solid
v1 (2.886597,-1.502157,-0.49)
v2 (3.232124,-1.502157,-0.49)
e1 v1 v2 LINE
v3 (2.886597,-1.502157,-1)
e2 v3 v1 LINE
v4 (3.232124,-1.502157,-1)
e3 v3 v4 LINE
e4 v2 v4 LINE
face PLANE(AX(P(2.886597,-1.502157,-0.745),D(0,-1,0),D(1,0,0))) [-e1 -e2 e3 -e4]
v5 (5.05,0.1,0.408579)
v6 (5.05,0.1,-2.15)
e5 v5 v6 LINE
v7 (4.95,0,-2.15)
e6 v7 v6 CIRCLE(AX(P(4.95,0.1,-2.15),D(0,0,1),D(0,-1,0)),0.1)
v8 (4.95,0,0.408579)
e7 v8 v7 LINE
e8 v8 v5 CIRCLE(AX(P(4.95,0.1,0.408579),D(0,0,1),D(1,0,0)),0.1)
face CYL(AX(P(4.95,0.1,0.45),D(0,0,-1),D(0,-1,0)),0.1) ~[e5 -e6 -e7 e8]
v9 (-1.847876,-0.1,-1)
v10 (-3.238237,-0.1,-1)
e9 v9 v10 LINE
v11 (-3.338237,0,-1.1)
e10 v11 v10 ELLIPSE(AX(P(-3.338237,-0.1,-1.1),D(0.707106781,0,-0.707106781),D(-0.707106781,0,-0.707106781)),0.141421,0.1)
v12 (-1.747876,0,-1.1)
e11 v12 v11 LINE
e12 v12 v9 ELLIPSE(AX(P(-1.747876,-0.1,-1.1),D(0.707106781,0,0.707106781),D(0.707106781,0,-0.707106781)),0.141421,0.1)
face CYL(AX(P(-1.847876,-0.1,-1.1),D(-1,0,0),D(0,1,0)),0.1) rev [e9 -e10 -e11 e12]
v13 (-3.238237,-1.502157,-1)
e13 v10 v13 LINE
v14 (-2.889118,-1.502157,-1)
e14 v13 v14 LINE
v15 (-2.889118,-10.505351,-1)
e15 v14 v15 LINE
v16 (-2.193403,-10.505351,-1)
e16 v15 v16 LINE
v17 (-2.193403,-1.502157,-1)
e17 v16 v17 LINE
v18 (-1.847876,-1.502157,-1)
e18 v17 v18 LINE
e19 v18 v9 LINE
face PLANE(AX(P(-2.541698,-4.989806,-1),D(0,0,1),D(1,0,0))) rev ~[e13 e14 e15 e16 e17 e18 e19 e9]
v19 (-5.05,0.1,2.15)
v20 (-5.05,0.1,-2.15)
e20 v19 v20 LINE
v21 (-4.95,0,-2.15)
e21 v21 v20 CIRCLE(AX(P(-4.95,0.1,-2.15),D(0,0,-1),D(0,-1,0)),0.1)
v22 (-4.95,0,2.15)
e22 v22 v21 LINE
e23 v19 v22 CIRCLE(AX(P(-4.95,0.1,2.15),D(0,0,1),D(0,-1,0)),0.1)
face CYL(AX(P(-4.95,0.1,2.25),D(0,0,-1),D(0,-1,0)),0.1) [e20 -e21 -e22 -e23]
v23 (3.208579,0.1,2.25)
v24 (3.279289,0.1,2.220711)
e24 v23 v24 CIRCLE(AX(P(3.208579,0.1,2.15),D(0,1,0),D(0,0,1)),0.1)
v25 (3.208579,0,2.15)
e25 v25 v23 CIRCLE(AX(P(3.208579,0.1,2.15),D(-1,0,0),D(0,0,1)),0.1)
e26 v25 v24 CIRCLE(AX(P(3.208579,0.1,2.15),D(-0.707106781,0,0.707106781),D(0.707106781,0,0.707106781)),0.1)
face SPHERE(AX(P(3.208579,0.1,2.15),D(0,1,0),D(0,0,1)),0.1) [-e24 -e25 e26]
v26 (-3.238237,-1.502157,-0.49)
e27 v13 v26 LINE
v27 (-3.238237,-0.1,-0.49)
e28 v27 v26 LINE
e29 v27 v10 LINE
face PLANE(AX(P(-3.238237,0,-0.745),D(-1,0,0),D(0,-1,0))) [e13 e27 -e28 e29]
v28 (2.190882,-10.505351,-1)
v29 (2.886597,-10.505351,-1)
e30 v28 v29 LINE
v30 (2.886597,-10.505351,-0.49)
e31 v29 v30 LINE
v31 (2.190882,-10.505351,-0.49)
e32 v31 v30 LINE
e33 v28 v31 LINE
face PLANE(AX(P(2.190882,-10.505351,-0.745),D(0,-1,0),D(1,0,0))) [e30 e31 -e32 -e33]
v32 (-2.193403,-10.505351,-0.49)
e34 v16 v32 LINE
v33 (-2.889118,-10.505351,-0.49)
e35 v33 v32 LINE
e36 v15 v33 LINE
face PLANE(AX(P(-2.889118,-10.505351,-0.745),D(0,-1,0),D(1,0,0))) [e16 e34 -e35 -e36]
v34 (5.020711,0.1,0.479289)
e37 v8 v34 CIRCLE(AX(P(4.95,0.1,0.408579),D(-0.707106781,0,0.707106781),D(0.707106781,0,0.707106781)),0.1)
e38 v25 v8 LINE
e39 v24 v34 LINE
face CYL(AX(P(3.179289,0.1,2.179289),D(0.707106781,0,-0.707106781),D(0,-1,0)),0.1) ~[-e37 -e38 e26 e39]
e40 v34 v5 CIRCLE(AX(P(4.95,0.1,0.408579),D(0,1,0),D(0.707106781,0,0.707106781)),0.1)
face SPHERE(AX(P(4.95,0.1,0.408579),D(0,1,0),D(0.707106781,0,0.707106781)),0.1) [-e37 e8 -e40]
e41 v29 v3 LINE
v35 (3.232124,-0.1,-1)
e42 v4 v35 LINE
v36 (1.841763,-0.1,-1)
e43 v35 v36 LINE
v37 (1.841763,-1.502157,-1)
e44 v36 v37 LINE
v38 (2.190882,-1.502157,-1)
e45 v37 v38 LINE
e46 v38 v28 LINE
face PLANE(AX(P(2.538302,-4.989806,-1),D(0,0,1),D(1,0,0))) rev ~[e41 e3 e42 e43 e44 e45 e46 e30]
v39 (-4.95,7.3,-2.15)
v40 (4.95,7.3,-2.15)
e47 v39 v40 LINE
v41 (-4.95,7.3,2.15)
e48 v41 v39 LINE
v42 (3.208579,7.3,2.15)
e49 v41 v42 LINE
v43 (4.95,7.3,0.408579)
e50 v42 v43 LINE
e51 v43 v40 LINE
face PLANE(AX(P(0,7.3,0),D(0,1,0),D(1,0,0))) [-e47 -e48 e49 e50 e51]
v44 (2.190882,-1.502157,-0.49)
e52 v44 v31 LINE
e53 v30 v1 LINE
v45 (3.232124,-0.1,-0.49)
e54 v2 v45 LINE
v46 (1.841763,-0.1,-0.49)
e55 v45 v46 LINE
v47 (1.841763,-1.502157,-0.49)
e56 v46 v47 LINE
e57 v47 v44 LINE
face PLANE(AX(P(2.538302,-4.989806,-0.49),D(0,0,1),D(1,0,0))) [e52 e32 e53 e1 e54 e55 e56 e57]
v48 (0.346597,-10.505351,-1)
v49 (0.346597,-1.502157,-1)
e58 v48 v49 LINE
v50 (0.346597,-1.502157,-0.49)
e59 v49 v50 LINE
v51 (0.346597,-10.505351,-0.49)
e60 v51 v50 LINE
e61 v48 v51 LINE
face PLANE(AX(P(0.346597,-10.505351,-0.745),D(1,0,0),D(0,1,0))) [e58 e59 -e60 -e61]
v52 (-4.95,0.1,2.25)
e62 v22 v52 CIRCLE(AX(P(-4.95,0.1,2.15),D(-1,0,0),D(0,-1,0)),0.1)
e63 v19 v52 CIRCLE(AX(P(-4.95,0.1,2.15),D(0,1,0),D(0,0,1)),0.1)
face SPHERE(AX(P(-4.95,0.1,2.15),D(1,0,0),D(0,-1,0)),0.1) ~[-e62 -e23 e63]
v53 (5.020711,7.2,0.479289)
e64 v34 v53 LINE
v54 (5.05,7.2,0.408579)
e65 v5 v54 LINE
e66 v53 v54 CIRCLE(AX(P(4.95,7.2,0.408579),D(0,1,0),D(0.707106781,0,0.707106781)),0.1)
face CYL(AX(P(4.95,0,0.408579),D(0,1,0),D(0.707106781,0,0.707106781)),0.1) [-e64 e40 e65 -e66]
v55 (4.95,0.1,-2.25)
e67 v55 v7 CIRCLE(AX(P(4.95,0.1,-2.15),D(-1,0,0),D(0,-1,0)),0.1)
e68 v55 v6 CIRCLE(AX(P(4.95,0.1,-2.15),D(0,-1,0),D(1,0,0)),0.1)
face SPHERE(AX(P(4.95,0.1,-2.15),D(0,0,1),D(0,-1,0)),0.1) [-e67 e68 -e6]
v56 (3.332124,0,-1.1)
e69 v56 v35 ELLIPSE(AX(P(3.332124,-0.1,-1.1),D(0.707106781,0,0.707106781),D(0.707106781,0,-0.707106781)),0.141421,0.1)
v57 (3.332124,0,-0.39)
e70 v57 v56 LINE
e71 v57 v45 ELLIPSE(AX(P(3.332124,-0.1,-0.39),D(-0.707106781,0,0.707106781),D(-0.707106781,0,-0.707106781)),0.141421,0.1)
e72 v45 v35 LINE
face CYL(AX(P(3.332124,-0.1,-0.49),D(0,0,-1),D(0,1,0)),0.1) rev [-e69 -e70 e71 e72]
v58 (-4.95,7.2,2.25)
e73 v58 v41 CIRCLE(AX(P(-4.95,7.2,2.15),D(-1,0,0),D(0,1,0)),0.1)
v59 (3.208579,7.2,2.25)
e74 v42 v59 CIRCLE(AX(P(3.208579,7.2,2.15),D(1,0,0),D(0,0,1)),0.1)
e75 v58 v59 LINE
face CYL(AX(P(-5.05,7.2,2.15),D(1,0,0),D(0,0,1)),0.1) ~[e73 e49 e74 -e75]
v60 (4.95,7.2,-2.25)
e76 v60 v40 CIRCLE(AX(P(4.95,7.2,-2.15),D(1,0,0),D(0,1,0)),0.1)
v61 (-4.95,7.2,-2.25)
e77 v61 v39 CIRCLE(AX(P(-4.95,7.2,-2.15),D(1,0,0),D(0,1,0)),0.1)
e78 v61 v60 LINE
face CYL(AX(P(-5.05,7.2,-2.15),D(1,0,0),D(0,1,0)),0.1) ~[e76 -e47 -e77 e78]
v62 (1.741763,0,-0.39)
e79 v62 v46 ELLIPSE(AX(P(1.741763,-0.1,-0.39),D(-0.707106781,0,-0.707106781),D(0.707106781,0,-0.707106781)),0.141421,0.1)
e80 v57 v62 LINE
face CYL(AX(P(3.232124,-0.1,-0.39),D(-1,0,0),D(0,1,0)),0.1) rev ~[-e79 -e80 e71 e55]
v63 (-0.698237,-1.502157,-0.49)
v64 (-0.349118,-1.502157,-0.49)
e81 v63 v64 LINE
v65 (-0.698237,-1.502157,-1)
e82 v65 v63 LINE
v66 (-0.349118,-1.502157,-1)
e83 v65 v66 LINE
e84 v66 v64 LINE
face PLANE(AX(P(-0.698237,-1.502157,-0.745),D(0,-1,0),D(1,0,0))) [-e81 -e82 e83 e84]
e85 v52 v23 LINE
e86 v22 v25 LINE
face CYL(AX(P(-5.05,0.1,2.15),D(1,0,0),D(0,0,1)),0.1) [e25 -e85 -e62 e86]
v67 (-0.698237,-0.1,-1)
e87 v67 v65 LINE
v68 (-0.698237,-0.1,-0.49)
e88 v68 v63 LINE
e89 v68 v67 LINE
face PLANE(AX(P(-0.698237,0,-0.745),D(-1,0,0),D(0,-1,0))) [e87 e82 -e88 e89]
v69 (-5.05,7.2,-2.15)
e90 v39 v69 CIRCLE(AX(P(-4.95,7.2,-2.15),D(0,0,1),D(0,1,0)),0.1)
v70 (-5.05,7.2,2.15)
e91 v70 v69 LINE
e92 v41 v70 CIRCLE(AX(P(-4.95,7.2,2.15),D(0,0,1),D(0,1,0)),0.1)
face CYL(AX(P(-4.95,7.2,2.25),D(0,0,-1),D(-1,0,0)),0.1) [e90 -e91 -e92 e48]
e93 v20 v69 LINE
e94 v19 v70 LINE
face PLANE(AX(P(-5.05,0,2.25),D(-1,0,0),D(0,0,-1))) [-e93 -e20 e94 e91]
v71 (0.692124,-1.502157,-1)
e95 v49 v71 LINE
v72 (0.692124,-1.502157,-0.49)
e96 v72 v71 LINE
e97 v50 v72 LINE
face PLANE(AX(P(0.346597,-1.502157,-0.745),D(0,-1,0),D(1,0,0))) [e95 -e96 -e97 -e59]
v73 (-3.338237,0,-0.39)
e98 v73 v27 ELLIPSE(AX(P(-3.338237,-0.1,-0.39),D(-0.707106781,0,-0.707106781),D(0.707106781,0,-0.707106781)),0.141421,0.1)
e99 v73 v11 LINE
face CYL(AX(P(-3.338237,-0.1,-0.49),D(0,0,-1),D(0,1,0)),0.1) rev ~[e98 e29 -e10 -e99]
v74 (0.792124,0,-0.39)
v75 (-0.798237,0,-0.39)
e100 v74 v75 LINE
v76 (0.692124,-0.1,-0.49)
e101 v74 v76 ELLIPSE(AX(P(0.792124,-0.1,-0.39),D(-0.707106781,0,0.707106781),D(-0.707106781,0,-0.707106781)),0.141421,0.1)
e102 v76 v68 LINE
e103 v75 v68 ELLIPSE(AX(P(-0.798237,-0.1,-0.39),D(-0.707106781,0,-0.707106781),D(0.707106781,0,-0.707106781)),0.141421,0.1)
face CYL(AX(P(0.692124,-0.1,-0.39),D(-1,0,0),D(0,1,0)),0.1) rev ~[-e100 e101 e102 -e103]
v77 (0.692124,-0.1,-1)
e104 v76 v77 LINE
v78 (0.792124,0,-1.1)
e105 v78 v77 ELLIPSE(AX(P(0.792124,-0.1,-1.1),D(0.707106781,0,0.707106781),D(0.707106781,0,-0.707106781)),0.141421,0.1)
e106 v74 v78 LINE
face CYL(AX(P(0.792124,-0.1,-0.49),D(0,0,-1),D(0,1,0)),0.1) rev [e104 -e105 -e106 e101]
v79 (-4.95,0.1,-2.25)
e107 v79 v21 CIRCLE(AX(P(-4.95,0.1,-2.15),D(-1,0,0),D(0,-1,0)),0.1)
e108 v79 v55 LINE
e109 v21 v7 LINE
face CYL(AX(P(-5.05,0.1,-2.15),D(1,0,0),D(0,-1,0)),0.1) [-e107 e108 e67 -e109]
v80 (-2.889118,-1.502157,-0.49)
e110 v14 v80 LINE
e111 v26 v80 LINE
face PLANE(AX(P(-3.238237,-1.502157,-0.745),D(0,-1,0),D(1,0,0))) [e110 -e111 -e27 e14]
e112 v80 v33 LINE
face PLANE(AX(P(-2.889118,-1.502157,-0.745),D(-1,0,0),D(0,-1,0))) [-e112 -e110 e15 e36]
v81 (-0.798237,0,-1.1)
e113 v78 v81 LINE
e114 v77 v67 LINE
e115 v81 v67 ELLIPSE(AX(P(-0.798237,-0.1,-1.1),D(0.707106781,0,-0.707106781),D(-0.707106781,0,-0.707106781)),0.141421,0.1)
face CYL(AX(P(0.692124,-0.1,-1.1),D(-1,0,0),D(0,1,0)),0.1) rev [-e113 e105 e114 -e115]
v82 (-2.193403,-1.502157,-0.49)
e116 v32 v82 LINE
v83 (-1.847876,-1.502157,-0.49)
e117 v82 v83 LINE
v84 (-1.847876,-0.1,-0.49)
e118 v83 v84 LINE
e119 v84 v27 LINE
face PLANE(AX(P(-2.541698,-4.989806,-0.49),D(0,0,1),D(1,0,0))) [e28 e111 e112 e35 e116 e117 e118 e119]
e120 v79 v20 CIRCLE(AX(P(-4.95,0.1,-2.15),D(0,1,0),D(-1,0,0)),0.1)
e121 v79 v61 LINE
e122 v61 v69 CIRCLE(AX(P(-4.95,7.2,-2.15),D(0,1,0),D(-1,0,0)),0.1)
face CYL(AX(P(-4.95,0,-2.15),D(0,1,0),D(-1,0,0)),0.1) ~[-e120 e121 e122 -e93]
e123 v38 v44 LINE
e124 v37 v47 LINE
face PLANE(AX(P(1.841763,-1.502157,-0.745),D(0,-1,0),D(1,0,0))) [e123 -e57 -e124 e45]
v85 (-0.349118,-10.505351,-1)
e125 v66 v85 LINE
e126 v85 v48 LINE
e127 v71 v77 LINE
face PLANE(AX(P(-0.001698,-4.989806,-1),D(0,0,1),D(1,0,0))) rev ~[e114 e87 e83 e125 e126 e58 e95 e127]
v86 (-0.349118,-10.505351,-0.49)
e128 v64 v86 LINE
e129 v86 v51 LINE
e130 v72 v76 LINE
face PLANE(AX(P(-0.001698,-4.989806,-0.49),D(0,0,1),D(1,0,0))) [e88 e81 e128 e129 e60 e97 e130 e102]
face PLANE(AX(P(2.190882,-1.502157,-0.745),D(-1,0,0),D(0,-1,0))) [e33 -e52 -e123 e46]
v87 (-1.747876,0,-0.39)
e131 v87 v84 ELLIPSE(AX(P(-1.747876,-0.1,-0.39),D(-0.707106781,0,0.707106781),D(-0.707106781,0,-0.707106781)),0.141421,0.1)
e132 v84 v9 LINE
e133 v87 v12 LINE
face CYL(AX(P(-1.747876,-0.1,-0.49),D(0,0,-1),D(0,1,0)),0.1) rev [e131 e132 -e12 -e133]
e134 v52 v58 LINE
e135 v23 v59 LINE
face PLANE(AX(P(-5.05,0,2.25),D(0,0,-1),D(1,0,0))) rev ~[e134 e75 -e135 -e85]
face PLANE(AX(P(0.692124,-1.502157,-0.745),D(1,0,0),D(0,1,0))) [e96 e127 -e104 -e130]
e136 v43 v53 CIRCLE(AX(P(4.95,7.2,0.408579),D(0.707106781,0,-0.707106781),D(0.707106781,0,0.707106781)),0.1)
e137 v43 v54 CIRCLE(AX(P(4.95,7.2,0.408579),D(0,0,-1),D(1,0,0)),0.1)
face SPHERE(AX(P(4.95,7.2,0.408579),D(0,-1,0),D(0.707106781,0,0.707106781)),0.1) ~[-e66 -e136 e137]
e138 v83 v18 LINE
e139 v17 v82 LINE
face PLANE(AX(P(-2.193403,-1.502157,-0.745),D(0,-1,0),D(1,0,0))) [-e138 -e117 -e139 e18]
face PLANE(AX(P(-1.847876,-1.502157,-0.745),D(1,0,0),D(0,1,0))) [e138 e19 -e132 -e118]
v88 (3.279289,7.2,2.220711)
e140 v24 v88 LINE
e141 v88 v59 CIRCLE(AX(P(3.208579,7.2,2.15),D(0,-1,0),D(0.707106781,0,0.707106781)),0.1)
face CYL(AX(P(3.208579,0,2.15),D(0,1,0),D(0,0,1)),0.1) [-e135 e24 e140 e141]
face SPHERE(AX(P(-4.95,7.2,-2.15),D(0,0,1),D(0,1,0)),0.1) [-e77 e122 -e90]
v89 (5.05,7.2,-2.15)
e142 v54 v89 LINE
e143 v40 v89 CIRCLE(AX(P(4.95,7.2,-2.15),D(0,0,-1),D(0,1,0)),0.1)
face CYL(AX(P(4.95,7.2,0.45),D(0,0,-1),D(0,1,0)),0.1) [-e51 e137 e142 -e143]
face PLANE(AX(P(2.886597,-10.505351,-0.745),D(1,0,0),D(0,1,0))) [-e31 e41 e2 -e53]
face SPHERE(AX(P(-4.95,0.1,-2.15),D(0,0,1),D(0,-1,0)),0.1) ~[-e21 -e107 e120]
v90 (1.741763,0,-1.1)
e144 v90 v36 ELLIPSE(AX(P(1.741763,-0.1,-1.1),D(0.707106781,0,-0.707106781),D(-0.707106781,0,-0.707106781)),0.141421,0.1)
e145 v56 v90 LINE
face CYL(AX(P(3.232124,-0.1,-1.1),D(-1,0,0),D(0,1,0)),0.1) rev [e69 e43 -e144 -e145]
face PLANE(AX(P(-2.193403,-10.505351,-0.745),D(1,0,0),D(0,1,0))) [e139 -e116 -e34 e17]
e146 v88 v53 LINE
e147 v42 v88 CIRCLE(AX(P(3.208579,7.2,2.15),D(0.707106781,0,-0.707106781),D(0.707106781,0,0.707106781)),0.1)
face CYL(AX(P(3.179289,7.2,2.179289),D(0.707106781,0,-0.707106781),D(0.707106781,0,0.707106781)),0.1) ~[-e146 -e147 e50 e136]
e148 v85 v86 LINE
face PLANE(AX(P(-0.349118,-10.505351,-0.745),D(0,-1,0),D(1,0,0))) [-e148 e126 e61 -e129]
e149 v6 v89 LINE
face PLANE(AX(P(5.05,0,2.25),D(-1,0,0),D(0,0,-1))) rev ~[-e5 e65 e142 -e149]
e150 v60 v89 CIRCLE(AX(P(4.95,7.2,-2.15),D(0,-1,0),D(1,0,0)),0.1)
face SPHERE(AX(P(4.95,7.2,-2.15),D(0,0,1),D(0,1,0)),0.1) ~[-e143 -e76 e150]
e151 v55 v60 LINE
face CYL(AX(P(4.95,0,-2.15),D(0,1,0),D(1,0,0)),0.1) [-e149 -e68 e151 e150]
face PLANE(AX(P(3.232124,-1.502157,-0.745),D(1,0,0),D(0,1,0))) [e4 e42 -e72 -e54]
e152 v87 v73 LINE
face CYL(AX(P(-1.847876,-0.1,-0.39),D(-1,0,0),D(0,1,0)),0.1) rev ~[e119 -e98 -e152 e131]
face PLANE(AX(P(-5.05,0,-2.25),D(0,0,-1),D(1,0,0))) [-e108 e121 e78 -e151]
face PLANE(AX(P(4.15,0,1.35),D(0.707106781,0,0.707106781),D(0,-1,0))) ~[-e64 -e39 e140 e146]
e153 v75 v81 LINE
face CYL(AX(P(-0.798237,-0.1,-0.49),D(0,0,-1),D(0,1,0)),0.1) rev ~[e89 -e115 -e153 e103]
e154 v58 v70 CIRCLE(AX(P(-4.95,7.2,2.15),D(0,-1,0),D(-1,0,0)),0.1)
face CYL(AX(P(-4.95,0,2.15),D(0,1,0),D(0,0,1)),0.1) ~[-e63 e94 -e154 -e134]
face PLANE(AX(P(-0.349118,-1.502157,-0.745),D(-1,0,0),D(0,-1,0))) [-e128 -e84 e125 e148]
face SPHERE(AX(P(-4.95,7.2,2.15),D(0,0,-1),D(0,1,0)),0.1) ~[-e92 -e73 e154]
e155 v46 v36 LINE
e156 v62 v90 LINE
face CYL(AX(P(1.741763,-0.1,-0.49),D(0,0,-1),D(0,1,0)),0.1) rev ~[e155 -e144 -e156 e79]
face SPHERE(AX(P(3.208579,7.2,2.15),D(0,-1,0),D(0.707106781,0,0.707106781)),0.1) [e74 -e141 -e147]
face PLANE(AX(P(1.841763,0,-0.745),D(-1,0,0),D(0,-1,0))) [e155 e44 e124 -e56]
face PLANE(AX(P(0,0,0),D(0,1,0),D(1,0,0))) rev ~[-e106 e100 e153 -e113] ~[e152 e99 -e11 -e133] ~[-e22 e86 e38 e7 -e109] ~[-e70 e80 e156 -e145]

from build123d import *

# Parameters (mm, degrees)
SKIZZE1_W                       = 10.1
SKIZZE1_H                       = 4.5
AUFSATZ_LINEAR_AUSTRAGEN1_DEPTH = 7.3
FASE2_SIZE                      = 1.8
AUFSATZ_LINEAR_AUSTRAGEN2_DEPTH = 0.255
LINEARES_MUSTER1_COUNT          = 2
LINEARES_MUSTER1_PITCH          = 2.54
LINEARES_MUSTER1_COL_COUNT      = 2
LINEARES_MUSTER1_COL_PITCH      = 2.54
VERRUNDUNG1_R                   = 0.1


with BuildPart() as part:
    # Skizze1 → Aufsatz-Linear austragen1 (new body)
    with BuildSketch(Plane(origin=(0, 0, 0), x_dir=(1, 0, 0), z_dir=(0, 1, 0))):
        Rectangle(SKIZZE1_W, SKIZZE1_H)
    extrude(amount=AUFSATZ_LINEAR_AUSTRAGEN1_DEPTH)

    # Fase2
    fase2_edges = [part.edges().sort_by_distance(p)[0] for p in [
        (5.05, 3.65, 2.25),
    ]]
    chamfer(fase2_edges, length=FASE2_SIZE)

    # Skizze3 → Aufsatz-Linear austragen2 (add, symmetric)
    with BuildSketch(Plane.XY.offset(-0.745)):
        Polygon((0, 0), (-0.698236912, 0), (-0.698236912, -1.502157044), (-0.349118456, -1.502157044), (-0.349118456, -10.505351049), (0.346596575, -10.505351049), (0.346596575, -1.502157044), (0.692124121, -1.502157044), (0.692124121, 0), align=None)
    aufsatz_linear_austragen2 = extrude(amount=AUFSATZ_LINEAR_AUSTRAGEN2_DEPTH, both=True)

    # Lineares Muster1: Aufsatz-Linear austragen2 ×2
    with Locations(*[(i * LINEARES_MUSTER1_PITCH, 0, 0) for i in range(1, LINEARES_MUSTER1_COUNT)]):
        add(aufsatz_linear_austragen2)

    # Lineares Muster1 col: Aufsatz-Linear austragen2 ×2
    with Locations(*[(-i * LINEARES_MUSTER1_COL_PITCH, 0, 0) for i in range(1, LINEARES_MUSTER1_COL_COUNT)]):
        add(aufsatz_linear_austragen2)

    # Verrundung1
    verrundung1_edges = [part.edges().sort_by_distance(p)[0] for p in [
        (-5.05, 7.3, 0),
        (-0.9, 7.3, 2.25),
        (5.05, 0, -0.9),
        (5.05, 7.3, -0.9),
        (5.05, 3.65, 0.45),
        (4.15, 0, 1.35),
        (3.25, 3.65, 2.25),
        (4.15, 7.3, 1.35),
        (0.692124121, 0, -0.745),
        (-0.698236912, 0, -0.745),
        (-0.003056396, 0, -1),
        (-0.003056396, 0, -0.49),
        (-1.847875879, 0, -0.745),
        (-0.9, 0, 2.25),
        (-3.238236912, 0, -0.745),
        (-2.543056396, 0, -1),
        (-2.543056396, 0, -0.49),
        (-5.05, 0, 0),
        (0, 0, -2.25),
        (3.232124121, 0, -0.745),
        (1.841763088, 0, -0.745),
        (2.536943604, 0, -1),
        (2.536943604, 0, -0.49),
        (0, 7.3, -2.25),
        (-5.05, 3.65, 2.25),
        (-5.05, 3.65, -2.25),
        (5.05, 3.65, -2.25),
    ]]
    fillet(verrundung1_edges, radius=VERRUNDUNG1_R)


solid = part.part
